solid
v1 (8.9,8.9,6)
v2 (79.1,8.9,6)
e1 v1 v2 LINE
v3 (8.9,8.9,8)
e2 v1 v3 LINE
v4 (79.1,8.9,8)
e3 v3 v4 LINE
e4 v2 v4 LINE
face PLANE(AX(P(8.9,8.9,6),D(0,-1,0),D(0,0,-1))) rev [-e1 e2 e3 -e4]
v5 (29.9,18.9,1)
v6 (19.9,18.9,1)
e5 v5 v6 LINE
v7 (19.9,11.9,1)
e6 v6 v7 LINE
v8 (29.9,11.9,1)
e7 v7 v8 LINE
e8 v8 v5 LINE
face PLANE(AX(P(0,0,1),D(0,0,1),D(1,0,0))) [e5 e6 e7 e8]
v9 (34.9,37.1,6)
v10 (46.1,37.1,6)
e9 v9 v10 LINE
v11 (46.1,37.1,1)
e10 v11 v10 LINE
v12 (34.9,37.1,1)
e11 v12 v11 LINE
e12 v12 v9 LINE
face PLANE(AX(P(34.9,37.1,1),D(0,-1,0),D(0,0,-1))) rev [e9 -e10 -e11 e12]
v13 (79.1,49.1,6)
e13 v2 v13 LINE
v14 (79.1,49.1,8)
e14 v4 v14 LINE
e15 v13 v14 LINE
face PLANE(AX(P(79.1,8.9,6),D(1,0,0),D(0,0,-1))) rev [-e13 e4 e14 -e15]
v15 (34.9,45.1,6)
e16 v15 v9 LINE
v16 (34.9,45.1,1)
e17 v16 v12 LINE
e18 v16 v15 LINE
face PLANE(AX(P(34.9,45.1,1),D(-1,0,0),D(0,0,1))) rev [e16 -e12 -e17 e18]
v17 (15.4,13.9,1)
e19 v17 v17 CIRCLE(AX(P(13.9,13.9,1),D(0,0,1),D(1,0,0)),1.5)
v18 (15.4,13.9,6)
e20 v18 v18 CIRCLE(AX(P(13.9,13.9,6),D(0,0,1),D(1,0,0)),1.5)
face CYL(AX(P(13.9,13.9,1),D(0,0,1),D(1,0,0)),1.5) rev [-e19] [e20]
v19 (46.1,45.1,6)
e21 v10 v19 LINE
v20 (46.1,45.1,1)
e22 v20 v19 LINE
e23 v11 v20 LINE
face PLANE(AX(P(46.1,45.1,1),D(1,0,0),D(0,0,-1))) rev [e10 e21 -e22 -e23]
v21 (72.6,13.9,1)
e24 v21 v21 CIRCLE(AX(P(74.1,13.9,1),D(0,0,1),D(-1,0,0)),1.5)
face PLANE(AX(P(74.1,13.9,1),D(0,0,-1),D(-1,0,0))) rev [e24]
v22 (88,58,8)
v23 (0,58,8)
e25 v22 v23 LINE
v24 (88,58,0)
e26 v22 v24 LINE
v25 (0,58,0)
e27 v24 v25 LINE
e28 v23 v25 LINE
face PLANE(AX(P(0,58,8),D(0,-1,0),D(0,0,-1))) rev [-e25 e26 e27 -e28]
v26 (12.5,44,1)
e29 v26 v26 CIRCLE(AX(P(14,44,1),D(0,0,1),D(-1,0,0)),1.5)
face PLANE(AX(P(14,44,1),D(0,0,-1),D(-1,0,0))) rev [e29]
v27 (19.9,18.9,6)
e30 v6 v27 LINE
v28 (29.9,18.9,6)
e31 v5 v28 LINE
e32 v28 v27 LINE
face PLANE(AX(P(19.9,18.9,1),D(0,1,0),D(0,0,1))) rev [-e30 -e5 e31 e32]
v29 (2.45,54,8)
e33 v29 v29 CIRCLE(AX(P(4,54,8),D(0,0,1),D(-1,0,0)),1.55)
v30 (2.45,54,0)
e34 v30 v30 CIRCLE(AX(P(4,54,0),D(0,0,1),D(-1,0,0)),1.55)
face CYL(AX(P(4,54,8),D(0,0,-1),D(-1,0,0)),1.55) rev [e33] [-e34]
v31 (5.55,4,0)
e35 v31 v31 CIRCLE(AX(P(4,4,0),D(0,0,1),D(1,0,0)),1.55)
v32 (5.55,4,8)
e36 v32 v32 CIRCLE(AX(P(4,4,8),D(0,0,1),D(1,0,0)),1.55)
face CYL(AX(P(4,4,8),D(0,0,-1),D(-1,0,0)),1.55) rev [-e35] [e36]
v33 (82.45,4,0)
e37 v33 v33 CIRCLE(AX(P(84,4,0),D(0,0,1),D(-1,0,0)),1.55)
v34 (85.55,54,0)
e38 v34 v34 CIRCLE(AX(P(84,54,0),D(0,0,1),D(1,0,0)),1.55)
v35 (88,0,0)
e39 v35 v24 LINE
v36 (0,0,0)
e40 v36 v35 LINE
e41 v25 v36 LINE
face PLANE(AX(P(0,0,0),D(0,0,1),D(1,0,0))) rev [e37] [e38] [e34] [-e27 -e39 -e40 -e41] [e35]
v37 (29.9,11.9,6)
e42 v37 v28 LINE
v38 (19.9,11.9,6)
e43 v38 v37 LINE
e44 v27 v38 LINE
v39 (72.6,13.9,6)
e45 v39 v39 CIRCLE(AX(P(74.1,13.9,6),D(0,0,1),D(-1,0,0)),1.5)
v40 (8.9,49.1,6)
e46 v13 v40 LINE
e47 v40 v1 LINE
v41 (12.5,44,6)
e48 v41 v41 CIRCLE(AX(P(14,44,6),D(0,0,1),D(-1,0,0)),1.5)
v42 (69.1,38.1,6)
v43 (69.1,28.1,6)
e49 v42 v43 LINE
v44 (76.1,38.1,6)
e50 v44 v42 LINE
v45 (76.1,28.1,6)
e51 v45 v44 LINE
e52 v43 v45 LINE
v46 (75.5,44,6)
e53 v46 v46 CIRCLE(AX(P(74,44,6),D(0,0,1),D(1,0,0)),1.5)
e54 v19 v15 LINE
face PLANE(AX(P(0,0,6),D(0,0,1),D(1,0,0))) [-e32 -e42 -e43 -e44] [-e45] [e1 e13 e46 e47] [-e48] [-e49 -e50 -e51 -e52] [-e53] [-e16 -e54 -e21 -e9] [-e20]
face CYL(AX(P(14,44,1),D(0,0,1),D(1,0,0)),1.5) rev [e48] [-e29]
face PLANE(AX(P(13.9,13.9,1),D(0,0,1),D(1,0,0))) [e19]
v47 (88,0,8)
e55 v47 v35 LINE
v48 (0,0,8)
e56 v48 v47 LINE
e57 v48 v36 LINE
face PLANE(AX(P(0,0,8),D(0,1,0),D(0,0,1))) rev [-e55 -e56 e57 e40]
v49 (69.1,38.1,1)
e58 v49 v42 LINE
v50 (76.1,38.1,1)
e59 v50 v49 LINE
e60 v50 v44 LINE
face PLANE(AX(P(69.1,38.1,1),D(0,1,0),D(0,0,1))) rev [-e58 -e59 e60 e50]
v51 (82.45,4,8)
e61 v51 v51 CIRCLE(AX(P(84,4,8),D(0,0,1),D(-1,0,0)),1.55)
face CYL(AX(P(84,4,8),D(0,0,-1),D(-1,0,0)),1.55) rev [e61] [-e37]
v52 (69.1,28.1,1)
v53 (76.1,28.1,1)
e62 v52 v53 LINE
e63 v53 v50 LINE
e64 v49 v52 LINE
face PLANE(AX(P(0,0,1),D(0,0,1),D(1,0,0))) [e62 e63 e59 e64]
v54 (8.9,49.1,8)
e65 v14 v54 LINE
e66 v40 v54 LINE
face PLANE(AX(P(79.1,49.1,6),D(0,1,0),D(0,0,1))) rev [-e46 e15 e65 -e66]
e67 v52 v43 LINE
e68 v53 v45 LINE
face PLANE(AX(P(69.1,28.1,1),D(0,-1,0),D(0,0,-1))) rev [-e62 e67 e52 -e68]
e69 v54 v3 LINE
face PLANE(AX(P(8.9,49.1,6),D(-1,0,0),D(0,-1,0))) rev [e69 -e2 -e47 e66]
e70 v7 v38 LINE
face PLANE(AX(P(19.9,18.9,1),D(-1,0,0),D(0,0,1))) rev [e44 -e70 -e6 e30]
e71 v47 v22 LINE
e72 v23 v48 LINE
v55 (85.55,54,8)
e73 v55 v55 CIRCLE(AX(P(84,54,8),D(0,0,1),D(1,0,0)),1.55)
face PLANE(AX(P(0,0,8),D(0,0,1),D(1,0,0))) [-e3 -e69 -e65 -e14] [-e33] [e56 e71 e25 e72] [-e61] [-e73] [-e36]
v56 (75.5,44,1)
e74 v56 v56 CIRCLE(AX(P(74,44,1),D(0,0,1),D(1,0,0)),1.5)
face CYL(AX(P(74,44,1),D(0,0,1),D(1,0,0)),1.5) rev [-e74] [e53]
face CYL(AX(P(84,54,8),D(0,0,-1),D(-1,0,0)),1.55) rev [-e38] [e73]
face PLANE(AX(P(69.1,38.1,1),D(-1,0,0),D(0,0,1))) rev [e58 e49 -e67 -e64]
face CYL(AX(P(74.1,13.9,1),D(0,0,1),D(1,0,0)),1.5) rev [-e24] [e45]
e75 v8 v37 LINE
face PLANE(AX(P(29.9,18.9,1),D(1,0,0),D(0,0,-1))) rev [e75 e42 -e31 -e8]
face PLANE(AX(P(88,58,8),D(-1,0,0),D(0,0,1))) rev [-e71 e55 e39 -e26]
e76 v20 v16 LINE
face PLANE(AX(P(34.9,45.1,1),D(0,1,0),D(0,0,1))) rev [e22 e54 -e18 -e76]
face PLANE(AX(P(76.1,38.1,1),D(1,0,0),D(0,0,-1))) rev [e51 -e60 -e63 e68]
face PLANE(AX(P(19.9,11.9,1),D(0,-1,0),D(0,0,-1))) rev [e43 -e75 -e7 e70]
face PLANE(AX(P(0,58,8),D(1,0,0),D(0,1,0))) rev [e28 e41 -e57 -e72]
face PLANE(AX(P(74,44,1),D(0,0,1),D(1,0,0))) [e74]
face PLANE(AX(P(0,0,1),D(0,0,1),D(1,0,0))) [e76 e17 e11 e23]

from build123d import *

# Parameters (mm, degrees)
SKETCH_2_W          = 88
SKETCH_2_H          = 58
SKETCH_2_R          = 1.55
EXTRUDE_4_DEPTH     = 8
SKETCH_6_W          = 70.2
SKETCH_6_H          = 40.2
CUT_EXTRUDE_4_DEPTH = 2
SKETCH_7_R          = 1.5
SKETCH_7_W          = 10
SKETCH_7_H          = 7
SKETCH_7_W_2        = 7
SKETCH_7_H_2        = 10
SKETCH_7_W_3        = 11.2
SKETCH_7_H_3        = 8
CUT_EXTRUDE_7_DEPTH = 5


with BuildPart() as part:
    # 草图2 → 凸台-拉伸4 (new body)
    with BuildSketch(Plane.XY):
        with Locations((44, 29)):
            Rectangle(SKETCH_2_W, SKETCH_2_H)
        with Locations((4, 4)):
            Circle(SKETCH_2_R, mode=Mode.SUBTRACT)
        with Locations(Location((4, 54, 0), (0, 0, 180))):
            Circle(SKETCH_2_R, mode=Mode.SUBTRACT)
        with Locations(Location((84, 4, 0), (0, 0, 180))):
            Circle(SKETCH_2_R, mode=Mode.SUBTRACT)
        with Locations((84, 54)):
            Circle(SKETCH_2_R, mode=Mode.SUBTRACT)
    extrude(amount=EXTRUDE_4_DEPTH)

    # 草图6 → 切除-拉伸4 (cut)
    with BuildSketch(Plane.XY.offset(8)):
        with Locations((44, 29)):
            Rectangle(SKETCH_6_W, SKETCH_6_H)
    extrude(amount=-CUT_EXTRUDE_4_DEPTH, mode=Mode.SUBTRACT)

    # 草图7 → 切除-拉伸7 (cut)
    with BuildSketch(Plane.XY.offset(6)):
        with Locations((13.9, 13.9)):
            Circle(SKETCH_7_R)
        with Locations(Location((14, 44, 0), (0, 0, 180))):
            Circle(SKETCH_7_R)
        with Locations(Location((74.1, 13.9, 0), (0, 0, 180))):
            Circle(SKETCH_7_R)
        with Locations((74, 44)):
            Circle(SKETCH_7_R)
        with Locations((24.9, 15.4)):
            Rectangle(SKETCH_7_W, SKETCH_7_H)
        with Locations((72.6, 33.1)):
            Rectangle(SKETCH_7_W_2, SKETCH_7_H_2)
        with Locations((40.5, 41.1)):
            Rectangle(SKETCH_7_W_3, SKETCH_7_H_3)
    extrude(amount=-CUT_EXTRUDE_7_DEPTH, mode=Mode.SUBTRACT)


solid = part.part
